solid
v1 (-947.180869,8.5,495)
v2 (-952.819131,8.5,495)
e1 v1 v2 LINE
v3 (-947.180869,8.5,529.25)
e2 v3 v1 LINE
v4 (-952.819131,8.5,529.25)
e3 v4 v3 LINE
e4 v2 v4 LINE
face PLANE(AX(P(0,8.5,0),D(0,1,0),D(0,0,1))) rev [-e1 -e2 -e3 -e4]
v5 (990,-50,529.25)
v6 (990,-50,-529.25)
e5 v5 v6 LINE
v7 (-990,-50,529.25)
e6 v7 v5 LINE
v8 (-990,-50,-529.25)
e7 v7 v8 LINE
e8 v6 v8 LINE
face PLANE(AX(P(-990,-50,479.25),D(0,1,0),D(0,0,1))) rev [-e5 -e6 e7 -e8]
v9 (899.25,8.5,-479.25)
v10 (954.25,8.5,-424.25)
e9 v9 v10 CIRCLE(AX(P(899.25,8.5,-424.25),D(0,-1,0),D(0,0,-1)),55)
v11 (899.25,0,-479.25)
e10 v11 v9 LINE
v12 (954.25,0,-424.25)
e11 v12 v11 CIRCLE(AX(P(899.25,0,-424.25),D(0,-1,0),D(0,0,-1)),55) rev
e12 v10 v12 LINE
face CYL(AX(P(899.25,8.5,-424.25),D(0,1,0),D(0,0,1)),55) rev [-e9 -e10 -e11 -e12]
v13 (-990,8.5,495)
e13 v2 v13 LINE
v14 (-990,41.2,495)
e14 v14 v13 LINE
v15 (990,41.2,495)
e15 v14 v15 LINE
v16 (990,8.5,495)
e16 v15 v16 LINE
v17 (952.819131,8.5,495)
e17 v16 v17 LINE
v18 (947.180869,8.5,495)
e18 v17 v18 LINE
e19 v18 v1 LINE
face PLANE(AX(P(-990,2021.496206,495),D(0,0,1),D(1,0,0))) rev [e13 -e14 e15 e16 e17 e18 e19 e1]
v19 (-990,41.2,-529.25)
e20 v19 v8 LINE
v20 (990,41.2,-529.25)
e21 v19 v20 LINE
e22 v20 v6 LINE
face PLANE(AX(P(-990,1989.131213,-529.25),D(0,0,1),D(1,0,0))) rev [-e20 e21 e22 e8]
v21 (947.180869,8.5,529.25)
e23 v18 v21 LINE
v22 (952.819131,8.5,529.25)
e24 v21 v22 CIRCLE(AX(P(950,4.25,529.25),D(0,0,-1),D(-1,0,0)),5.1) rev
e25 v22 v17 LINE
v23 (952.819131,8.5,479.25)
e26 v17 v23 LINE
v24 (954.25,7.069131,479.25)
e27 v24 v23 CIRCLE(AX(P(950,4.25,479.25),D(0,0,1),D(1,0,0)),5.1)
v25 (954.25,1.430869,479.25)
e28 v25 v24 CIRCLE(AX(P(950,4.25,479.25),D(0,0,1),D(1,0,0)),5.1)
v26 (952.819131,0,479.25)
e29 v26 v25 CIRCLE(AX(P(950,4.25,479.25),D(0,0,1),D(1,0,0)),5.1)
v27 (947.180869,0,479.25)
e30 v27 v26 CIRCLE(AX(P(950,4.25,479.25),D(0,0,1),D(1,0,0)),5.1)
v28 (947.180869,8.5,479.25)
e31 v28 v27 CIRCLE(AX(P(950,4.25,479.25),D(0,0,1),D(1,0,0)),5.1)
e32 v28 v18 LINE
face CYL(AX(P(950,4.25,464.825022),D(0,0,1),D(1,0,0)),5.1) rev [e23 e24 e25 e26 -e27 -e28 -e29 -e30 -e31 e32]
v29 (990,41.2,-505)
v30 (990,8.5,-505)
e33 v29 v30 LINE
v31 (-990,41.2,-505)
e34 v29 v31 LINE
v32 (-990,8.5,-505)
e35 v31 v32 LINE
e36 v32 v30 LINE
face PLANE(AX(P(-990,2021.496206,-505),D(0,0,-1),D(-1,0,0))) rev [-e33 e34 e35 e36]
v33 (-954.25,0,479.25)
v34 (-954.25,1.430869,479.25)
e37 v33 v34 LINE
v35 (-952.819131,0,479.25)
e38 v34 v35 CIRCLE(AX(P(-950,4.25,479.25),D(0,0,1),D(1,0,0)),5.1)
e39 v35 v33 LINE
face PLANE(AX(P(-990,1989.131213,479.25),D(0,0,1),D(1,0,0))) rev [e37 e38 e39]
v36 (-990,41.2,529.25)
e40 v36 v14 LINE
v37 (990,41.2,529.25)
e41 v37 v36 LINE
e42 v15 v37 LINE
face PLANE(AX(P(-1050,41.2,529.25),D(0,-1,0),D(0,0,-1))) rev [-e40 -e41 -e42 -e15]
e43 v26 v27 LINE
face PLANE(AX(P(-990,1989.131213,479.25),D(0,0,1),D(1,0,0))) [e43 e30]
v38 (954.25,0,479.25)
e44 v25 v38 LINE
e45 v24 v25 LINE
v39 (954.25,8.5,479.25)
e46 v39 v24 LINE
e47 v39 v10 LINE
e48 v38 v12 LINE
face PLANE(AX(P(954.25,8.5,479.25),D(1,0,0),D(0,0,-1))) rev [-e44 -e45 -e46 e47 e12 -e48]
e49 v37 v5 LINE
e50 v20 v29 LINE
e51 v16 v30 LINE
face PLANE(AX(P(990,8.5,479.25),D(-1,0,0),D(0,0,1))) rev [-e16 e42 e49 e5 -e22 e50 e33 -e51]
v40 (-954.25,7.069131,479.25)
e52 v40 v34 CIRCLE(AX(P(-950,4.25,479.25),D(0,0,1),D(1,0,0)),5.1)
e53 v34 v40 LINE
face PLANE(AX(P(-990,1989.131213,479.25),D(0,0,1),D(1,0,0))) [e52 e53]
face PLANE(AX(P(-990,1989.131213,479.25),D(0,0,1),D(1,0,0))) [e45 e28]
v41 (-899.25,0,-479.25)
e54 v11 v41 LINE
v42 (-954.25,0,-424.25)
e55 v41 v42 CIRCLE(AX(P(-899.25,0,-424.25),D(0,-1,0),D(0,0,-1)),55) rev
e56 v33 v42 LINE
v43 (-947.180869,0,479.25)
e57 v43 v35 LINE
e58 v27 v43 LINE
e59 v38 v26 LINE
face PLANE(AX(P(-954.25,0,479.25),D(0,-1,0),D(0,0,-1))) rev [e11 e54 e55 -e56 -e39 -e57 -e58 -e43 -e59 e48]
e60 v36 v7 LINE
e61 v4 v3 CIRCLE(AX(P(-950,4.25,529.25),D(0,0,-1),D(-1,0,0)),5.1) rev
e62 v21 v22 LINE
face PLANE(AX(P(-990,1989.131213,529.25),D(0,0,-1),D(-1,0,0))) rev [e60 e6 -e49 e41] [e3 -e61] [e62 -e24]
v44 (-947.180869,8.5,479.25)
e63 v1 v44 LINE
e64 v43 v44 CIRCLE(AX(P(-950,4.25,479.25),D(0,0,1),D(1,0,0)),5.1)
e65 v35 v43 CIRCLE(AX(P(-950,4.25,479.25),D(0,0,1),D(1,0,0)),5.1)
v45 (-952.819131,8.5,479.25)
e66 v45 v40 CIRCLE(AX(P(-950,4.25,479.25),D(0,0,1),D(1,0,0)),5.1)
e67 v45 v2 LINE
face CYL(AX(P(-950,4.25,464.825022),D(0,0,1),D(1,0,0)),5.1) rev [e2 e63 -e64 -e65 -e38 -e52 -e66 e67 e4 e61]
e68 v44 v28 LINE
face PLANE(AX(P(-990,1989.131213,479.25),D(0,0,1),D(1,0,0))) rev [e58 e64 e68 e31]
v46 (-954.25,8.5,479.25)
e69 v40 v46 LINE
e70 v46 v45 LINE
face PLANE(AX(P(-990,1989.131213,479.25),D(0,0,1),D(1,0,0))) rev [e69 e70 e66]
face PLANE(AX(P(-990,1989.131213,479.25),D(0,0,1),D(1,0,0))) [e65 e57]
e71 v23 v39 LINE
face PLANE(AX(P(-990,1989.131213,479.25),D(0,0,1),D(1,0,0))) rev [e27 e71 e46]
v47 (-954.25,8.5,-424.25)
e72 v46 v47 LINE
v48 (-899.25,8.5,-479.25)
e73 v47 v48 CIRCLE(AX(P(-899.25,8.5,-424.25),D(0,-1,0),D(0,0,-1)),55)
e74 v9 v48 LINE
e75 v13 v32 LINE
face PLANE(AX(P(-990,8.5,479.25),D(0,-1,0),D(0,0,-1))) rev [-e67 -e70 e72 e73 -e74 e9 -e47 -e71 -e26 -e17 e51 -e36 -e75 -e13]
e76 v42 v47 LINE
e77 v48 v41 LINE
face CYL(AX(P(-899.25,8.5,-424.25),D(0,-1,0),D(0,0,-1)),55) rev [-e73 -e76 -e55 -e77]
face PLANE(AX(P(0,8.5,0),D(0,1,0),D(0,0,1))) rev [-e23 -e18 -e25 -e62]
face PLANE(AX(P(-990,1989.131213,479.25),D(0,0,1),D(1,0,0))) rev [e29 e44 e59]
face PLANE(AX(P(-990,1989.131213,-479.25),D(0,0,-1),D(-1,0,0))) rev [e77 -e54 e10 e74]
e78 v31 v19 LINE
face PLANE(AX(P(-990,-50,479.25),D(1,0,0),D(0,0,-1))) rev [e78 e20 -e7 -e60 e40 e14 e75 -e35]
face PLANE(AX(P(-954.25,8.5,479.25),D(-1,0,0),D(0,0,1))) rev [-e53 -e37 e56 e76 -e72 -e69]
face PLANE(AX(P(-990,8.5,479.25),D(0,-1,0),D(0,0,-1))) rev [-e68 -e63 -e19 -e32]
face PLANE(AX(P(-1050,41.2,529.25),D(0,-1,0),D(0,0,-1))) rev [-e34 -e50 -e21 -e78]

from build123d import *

# Parameters (mm, degrees)
BOSS_EXTRUDE1_DEPTH = 479.25
BOSS_EXTRUDE2_START = -50
SKETCH3_W           = 1980
SKETCH3_H           = 50
BOSS_EXTRUDE2_DEPTH = 58.5
FILLET1_R           = 55
BOSS_EXTRUDE4_START = -50
SKETCH4_W           = 1980
SKETCH4_H           = 50
BOSS_EXTRUDE4_DEPTH = 58.5
CUT_EXTRUDE1_START  = 529.25
SKETCH7_R           = 5.1
CUT_EXTRUDE1_DEPTH  = 50
BOSS_EXTRUDE5_START = 8.5
SKETCH8_W           = 1980
SKETCH8_H           = 24.25
SKETCH8_H_2         = 34.25
BOSS_EXTRUDE5_DEPTH = 32.7


with BuildPart() as part:
    # Sketch2 → Boss-Extrude1 (new, symmetric)
    with BuildSketch(Plane.XY):
        Polygon((-954.25, 0), (954.25, 0), (954.25, 8.5), (990, 8.5), (990, -50), (-990, -50), (-990, 8.5), (-954.25, 8.5), align=None)
    extrude(amount=BOSS_EXTRUDE1_DEPTH, both=True)

    # Sketch3 → Boss-Extrude2 (add)
    with BuildSketch(Plane(origin=(0, 0, 0), x_dir=(1, 0, 0), z_dir=(0, 1, 0)).offset(BOSS_EXTRUDE2_START)):
        with Locations((0, 504.25)):
            Rectangle(SKETCH3_W, SKETCH3_H)
    extrude(amount=BOSS_EXTRUDE2_DEPTH)

    # Fillet1
    fillet1_edges = [part.edges().sort_by_distance(p)[0] for p in [
        (954.25, 4.25, -479.25),
        (-954.25, 4.25, -479.25),
    ]]
    fillet(fillet1_edges, radius=FILLET1_R)

    # Sketch4 → Boss-Extrude4 (add)
    with BuildSketch(Plane(origin=(0, 0, 0), x_dir=(1, 0, 0), z_dir=(0, 1, 0)).offset(BOSS_EXTRUDE4_START)):
        with Locations((0, -504.25)):
            Rectangle(SKETCH4_W, SKETCH4_H)
    extrude(amount=BOSS_EXTRUDE4_DEPTH)

    # Sketch7 → Cut-Extrude1 (cut)
    with BuildSketch(Plane.XY.offset(CUT_EXTRUDE1_START)):
        with Locations((-950, 4.25)):
            Circle(SKETCH7_R)
        with Locations((950, 4.25)):
            Circle(SKETCH7_R)
    extrude(amount=-CUT_EXTRUDE1_DEPTH, mode=Mode.SUBTRACT)

    # Sketch8 → Boss-Extrude5 (add)
    with BuildSketch(Plane(origin=(0, 0, 0), x_dir=(1, 0, 0), z_dir=(0, 1, 0)).offset(BOSS_EXTRUDE5_START)):
        with Locations((0, 517.125)):
            Rectangle(SKETCH8_W, SKETCH8_H)
        with Locations((0, -512.125)):
            Rectangle(SKETCH8_W, SKETCH8_H_2)
    extrude(amount=BOSS_EXTRUDE5_DEPTH)


solid = part.part
